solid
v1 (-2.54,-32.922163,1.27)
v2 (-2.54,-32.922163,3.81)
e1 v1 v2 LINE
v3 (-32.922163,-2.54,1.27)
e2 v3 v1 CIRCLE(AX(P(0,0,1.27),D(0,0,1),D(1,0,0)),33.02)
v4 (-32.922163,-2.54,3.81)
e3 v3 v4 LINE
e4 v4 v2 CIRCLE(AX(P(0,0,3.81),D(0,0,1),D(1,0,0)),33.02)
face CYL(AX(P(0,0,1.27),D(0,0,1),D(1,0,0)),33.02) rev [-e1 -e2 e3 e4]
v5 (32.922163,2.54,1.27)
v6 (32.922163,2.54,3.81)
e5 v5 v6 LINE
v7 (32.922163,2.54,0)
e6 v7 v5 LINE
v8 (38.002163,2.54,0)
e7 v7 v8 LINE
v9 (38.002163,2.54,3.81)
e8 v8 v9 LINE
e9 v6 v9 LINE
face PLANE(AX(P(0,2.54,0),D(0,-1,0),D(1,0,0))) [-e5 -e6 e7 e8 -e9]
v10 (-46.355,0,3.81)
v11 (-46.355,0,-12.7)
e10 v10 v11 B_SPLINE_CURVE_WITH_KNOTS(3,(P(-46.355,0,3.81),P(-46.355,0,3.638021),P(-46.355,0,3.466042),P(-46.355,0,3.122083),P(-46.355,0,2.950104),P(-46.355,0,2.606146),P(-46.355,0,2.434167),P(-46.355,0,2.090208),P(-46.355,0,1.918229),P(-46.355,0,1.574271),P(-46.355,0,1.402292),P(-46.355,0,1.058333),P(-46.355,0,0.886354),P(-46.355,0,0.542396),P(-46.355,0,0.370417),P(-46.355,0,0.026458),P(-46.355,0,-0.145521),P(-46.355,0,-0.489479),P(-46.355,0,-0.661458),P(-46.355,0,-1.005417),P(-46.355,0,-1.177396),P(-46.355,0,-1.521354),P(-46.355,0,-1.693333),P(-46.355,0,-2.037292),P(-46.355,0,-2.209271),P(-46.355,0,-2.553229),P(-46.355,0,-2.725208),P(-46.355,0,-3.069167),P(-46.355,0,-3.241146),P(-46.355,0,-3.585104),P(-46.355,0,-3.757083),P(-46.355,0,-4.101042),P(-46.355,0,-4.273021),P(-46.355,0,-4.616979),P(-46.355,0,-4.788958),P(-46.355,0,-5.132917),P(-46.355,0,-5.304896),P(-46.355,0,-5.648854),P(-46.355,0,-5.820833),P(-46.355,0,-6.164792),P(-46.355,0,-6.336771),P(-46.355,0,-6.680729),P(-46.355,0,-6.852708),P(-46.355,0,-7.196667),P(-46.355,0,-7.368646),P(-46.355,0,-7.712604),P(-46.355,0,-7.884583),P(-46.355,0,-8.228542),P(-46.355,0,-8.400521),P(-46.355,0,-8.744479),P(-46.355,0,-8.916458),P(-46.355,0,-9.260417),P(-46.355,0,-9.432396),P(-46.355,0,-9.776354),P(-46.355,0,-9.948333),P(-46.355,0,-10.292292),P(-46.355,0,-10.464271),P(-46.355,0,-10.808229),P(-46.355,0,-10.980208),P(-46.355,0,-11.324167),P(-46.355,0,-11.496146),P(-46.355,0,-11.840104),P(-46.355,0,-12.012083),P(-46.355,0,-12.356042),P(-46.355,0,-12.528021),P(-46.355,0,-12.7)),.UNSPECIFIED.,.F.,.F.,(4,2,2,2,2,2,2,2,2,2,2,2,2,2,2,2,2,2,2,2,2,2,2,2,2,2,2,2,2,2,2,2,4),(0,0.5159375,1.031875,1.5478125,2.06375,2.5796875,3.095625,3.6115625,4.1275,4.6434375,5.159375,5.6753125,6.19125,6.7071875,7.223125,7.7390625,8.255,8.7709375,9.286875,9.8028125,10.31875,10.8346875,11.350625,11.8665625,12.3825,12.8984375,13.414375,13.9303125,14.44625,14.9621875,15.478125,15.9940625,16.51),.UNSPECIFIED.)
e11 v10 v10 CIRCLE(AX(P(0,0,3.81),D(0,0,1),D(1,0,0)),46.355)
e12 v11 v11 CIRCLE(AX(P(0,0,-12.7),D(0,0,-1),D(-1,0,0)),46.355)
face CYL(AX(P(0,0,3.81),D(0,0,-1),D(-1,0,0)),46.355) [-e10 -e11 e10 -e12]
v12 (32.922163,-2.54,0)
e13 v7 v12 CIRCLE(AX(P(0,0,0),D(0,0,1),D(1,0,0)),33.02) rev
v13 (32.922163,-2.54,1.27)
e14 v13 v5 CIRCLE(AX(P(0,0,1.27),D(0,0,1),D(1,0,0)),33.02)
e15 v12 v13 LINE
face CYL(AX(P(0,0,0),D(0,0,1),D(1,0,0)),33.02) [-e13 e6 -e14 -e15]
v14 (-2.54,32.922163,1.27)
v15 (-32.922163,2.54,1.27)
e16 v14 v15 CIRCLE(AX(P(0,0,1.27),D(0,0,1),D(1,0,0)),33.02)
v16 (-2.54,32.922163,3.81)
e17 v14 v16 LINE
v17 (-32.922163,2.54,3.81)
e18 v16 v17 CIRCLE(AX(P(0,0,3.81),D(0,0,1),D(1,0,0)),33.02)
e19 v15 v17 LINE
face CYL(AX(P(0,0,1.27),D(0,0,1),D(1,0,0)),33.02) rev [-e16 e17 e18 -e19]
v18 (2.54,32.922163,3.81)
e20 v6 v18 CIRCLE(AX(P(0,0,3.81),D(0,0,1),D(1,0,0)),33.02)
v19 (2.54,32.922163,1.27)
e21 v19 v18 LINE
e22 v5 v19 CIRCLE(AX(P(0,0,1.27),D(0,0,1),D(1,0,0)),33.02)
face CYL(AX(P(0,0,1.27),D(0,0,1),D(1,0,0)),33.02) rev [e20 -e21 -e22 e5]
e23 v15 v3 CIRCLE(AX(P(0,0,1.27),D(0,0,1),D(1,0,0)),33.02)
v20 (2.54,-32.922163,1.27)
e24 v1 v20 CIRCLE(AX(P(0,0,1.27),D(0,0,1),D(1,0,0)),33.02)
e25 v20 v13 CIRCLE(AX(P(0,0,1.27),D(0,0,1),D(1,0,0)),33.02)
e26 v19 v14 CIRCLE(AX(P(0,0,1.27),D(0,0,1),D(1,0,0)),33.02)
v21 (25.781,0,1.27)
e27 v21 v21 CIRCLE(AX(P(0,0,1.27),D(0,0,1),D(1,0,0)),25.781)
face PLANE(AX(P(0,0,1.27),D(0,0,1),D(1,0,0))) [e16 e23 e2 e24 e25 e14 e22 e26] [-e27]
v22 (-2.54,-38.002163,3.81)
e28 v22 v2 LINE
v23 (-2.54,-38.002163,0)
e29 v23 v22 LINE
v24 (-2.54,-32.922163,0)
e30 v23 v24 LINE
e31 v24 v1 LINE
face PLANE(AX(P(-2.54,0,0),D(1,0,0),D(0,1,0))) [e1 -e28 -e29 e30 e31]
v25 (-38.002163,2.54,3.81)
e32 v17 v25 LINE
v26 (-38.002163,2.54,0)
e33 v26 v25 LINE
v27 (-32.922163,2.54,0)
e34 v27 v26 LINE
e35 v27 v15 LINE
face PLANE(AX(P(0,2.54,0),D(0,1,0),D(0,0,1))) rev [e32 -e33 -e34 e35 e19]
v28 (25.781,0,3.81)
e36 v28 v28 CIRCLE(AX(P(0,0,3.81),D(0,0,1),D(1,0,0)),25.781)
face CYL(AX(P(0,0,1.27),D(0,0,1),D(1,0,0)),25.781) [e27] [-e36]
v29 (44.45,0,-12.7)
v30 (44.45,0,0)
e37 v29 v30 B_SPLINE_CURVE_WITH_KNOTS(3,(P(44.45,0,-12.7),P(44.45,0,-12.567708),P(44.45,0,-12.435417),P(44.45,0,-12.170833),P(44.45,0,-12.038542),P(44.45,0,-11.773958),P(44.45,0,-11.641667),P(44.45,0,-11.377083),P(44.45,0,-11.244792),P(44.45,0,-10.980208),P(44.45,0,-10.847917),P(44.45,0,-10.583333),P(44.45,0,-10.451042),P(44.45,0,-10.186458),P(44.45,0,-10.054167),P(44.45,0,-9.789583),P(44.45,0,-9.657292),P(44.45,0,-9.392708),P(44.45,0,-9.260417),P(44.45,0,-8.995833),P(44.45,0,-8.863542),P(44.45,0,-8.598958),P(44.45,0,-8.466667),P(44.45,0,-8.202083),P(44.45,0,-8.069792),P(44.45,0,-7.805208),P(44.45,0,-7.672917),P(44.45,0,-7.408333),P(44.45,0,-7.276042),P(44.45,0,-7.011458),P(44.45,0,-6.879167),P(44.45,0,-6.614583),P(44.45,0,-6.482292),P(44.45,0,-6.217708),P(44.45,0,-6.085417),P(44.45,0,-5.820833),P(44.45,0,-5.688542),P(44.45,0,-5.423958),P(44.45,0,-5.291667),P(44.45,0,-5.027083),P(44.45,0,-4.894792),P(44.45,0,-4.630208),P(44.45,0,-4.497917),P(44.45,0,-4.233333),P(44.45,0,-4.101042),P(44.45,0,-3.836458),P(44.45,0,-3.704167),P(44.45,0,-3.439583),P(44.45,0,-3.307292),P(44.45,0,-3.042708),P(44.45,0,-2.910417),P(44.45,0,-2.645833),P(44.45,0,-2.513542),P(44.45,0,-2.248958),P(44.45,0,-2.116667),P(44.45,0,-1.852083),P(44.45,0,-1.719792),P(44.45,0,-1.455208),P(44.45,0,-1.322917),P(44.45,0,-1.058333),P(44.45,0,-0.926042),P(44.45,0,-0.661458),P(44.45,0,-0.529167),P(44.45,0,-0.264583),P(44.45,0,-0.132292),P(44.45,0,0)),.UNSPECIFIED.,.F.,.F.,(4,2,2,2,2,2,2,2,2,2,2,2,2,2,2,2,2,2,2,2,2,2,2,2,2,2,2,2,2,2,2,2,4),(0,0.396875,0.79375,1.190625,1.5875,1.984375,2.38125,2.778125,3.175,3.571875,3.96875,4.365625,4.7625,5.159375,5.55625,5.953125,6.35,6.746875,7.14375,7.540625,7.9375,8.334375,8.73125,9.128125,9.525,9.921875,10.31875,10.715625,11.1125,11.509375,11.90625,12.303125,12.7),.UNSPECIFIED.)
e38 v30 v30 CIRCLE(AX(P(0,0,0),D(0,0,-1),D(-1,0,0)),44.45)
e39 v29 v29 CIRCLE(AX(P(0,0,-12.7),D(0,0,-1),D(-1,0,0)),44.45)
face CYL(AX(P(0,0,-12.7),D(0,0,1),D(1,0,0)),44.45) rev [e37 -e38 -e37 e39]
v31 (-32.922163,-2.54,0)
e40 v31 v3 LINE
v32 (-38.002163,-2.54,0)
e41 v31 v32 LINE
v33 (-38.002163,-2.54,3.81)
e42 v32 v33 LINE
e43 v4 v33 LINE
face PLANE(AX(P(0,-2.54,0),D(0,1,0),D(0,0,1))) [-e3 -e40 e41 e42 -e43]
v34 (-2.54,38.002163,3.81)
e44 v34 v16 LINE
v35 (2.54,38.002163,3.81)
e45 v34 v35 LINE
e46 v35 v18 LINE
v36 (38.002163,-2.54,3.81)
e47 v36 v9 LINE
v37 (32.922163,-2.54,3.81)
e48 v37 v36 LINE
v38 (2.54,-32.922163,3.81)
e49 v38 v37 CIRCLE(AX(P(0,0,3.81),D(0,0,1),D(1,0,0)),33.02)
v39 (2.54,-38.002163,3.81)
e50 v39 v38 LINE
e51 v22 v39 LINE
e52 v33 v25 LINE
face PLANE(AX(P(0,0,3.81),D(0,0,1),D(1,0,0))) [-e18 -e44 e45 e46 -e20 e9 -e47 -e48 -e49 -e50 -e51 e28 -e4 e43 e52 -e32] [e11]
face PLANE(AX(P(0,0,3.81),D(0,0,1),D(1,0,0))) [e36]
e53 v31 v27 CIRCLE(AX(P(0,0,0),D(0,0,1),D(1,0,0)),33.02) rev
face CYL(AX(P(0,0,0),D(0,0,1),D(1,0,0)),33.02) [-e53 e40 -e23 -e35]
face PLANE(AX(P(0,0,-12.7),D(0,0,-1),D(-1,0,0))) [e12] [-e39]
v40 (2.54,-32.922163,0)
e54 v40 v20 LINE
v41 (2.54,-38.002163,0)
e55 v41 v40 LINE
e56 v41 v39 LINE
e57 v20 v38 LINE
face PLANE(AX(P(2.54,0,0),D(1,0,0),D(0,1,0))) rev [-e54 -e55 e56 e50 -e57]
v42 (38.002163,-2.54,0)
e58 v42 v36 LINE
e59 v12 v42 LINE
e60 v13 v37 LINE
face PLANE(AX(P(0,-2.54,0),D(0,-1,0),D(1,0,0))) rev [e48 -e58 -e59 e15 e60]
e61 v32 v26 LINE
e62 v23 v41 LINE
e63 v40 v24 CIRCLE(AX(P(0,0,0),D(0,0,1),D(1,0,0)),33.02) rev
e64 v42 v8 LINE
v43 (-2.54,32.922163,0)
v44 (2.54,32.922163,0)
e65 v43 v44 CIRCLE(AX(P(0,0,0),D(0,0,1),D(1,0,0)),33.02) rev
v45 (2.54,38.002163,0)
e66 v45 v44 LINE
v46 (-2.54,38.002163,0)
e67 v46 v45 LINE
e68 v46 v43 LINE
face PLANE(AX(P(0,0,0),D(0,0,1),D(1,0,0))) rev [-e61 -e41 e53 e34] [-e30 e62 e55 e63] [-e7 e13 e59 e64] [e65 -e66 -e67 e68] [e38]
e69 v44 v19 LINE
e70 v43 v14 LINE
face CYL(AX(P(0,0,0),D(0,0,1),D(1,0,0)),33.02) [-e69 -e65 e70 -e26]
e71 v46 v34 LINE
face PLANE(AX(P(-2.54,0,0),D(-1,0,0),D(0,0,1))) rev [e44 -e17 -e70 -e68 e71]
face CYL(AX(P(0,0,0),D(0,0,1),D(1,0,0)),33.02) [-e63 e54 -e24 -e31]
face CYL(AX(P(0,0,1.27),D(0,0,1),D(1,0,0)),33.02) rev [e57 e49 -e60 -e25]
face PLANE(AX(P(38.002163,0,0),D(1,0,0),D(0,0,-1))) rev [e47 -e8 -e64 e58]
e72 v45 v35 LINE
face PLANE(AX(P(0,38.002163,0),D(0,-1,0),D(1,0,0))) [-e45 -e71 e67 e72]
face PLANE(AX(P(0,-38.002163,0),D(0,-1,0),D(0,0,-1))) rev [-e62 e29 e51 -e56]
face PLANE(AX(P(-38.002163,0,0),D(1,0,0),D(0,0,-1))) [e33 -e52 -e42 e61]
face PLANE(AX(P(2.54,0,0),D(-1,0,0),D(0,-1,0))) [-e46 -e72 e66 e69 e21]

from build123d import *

# Parameters (mm, degrees)
SKETCH1_R           = 46.355
BOSS_EXTRUDE1_DEPTH = 3.81
SKETCH2_R           = 33.02
SKETCH2_R_2         = 25.781
CUT_EXTRUDE1_DEPTH  = 2.54
CUT_EXTRUDE2_DEPTH  = 66.666491836
BOSS_EXTRUDE2_START = 12.7
SKETCH4_R           = 46.355
SKETCH4_R_2         = 44.45
BOSS_EXTRUDE2_DEPTH = 12.7


with BuildPart() as part:
    # Sketch1 → Boss-Extrude1 (new body)
    with BuildSketch(Plane.XY):
        with Locations(Location((0, 0, 0), (0, 0, 180))):
            Circle(SKETCH1_R)
    extrude(amount=BOSS_EXTRUDE1_DEPTH)

    # Sketch2 → Cut-Extrude1 (cut)
    with BuildSketch(Plane.XY.offset(3.81)):
        Circle(SKETCH2_R)
        Circle(SKETCH2_R_2, mode=Mode.SUBTRACT)
    extrude(amount=-CUT_EXTRUDE1_DEPTH, mode=Mode.SUBTRACT)

    # Sketch3 → Cut-Extrude2 (cut, through all)
    with BuildSketch(Plane.XY.offset(3.81)):
        with BuildLine():
            ThreePointArc((0, 33.02), (1.270941789, 32.995531621), (2.54, 32.922162748))
            Line((2.54, 32.922162748), (2.54, 38.002162748))
            Line((2.54, 38.002162748), (0, 38.002162748))
            Line((0, 38.002162748), (0, 33.02))
        make_face()
        with BuildLine():
            ThreePointArc((-2.54, 32.922162748), (-1.270941789, 32.995531621), (0, 33.02))
            Line((0, 33.02), (0, 38.002162748))
            Line((0, 38.002162748), (-2.54, 38.002162748))
            Line((-2.54, 38.002162748), (-2.54, 32.922162748))
        make_face()
        with BuildLine():
            Line((-38.002162748, -2.54), (-32.922162748, -2.54))
            ThreePointArc((-32.922162748, -2.54), (-33.02, 0), (-32.922162748, 2.54))
            Line((-32.922162748, 2.54), (-38.002162748, 2.54))
            Line((-38.002162748, 2.54), (-38.002162748, -2.54))
        make_face()
        with BuildLine():
            Line((2.54, -38.002162748), (2.54, -32.922162748))
            ThreePointArc((2.54, -32.922162748), (0, -33.02), (-2.54, -32.922162748))
            Line((-2.54, -32.922162748), (-2.54, -38.002162748))
            Line((-2.54, -38.002162748), (2.54, -38.002162748))
        make_face()
        with BuildLine():
            ThreePointArc((33.02, 0), (32.995531621, -1.270941789), (32.922162748, -2.54))
            Line((32.922162748, -2.54), (38.002162748, -2.54))
            Line((38.002162748, -2.54), (38.002162748, 2.54))
            Line((38.002162748, 2.54), (32.922162748, 2.54))
            ThreePointArc((32.922162748, 2.54), (32.995531621, 1.270941789), (33.02, 0))
        make_face()
    extrude(amount=-CUT_EXTRUDE2_DEPTH, mode=Mode.SUBTRACT)

    # Sketch4 → Boss-Extrude2 (add)
    with BuildSketch(Plane(origin=(0, 0, 0), x_dir=(-1, 0, 0), z_dir=(0, 0, -1)).offset(BOSS_EXTRUDE2_START)):
        Circle(SKETCH4_R)
        with Locations(Location((0, 0, 0), (0, 0, 180))):
            Circle(SKETCH4_R_2, mode=Mode.SUBTRACT)
    extrude(amount=-BOSS_EXTRUDE2_DEPTH)


solid = part.part
